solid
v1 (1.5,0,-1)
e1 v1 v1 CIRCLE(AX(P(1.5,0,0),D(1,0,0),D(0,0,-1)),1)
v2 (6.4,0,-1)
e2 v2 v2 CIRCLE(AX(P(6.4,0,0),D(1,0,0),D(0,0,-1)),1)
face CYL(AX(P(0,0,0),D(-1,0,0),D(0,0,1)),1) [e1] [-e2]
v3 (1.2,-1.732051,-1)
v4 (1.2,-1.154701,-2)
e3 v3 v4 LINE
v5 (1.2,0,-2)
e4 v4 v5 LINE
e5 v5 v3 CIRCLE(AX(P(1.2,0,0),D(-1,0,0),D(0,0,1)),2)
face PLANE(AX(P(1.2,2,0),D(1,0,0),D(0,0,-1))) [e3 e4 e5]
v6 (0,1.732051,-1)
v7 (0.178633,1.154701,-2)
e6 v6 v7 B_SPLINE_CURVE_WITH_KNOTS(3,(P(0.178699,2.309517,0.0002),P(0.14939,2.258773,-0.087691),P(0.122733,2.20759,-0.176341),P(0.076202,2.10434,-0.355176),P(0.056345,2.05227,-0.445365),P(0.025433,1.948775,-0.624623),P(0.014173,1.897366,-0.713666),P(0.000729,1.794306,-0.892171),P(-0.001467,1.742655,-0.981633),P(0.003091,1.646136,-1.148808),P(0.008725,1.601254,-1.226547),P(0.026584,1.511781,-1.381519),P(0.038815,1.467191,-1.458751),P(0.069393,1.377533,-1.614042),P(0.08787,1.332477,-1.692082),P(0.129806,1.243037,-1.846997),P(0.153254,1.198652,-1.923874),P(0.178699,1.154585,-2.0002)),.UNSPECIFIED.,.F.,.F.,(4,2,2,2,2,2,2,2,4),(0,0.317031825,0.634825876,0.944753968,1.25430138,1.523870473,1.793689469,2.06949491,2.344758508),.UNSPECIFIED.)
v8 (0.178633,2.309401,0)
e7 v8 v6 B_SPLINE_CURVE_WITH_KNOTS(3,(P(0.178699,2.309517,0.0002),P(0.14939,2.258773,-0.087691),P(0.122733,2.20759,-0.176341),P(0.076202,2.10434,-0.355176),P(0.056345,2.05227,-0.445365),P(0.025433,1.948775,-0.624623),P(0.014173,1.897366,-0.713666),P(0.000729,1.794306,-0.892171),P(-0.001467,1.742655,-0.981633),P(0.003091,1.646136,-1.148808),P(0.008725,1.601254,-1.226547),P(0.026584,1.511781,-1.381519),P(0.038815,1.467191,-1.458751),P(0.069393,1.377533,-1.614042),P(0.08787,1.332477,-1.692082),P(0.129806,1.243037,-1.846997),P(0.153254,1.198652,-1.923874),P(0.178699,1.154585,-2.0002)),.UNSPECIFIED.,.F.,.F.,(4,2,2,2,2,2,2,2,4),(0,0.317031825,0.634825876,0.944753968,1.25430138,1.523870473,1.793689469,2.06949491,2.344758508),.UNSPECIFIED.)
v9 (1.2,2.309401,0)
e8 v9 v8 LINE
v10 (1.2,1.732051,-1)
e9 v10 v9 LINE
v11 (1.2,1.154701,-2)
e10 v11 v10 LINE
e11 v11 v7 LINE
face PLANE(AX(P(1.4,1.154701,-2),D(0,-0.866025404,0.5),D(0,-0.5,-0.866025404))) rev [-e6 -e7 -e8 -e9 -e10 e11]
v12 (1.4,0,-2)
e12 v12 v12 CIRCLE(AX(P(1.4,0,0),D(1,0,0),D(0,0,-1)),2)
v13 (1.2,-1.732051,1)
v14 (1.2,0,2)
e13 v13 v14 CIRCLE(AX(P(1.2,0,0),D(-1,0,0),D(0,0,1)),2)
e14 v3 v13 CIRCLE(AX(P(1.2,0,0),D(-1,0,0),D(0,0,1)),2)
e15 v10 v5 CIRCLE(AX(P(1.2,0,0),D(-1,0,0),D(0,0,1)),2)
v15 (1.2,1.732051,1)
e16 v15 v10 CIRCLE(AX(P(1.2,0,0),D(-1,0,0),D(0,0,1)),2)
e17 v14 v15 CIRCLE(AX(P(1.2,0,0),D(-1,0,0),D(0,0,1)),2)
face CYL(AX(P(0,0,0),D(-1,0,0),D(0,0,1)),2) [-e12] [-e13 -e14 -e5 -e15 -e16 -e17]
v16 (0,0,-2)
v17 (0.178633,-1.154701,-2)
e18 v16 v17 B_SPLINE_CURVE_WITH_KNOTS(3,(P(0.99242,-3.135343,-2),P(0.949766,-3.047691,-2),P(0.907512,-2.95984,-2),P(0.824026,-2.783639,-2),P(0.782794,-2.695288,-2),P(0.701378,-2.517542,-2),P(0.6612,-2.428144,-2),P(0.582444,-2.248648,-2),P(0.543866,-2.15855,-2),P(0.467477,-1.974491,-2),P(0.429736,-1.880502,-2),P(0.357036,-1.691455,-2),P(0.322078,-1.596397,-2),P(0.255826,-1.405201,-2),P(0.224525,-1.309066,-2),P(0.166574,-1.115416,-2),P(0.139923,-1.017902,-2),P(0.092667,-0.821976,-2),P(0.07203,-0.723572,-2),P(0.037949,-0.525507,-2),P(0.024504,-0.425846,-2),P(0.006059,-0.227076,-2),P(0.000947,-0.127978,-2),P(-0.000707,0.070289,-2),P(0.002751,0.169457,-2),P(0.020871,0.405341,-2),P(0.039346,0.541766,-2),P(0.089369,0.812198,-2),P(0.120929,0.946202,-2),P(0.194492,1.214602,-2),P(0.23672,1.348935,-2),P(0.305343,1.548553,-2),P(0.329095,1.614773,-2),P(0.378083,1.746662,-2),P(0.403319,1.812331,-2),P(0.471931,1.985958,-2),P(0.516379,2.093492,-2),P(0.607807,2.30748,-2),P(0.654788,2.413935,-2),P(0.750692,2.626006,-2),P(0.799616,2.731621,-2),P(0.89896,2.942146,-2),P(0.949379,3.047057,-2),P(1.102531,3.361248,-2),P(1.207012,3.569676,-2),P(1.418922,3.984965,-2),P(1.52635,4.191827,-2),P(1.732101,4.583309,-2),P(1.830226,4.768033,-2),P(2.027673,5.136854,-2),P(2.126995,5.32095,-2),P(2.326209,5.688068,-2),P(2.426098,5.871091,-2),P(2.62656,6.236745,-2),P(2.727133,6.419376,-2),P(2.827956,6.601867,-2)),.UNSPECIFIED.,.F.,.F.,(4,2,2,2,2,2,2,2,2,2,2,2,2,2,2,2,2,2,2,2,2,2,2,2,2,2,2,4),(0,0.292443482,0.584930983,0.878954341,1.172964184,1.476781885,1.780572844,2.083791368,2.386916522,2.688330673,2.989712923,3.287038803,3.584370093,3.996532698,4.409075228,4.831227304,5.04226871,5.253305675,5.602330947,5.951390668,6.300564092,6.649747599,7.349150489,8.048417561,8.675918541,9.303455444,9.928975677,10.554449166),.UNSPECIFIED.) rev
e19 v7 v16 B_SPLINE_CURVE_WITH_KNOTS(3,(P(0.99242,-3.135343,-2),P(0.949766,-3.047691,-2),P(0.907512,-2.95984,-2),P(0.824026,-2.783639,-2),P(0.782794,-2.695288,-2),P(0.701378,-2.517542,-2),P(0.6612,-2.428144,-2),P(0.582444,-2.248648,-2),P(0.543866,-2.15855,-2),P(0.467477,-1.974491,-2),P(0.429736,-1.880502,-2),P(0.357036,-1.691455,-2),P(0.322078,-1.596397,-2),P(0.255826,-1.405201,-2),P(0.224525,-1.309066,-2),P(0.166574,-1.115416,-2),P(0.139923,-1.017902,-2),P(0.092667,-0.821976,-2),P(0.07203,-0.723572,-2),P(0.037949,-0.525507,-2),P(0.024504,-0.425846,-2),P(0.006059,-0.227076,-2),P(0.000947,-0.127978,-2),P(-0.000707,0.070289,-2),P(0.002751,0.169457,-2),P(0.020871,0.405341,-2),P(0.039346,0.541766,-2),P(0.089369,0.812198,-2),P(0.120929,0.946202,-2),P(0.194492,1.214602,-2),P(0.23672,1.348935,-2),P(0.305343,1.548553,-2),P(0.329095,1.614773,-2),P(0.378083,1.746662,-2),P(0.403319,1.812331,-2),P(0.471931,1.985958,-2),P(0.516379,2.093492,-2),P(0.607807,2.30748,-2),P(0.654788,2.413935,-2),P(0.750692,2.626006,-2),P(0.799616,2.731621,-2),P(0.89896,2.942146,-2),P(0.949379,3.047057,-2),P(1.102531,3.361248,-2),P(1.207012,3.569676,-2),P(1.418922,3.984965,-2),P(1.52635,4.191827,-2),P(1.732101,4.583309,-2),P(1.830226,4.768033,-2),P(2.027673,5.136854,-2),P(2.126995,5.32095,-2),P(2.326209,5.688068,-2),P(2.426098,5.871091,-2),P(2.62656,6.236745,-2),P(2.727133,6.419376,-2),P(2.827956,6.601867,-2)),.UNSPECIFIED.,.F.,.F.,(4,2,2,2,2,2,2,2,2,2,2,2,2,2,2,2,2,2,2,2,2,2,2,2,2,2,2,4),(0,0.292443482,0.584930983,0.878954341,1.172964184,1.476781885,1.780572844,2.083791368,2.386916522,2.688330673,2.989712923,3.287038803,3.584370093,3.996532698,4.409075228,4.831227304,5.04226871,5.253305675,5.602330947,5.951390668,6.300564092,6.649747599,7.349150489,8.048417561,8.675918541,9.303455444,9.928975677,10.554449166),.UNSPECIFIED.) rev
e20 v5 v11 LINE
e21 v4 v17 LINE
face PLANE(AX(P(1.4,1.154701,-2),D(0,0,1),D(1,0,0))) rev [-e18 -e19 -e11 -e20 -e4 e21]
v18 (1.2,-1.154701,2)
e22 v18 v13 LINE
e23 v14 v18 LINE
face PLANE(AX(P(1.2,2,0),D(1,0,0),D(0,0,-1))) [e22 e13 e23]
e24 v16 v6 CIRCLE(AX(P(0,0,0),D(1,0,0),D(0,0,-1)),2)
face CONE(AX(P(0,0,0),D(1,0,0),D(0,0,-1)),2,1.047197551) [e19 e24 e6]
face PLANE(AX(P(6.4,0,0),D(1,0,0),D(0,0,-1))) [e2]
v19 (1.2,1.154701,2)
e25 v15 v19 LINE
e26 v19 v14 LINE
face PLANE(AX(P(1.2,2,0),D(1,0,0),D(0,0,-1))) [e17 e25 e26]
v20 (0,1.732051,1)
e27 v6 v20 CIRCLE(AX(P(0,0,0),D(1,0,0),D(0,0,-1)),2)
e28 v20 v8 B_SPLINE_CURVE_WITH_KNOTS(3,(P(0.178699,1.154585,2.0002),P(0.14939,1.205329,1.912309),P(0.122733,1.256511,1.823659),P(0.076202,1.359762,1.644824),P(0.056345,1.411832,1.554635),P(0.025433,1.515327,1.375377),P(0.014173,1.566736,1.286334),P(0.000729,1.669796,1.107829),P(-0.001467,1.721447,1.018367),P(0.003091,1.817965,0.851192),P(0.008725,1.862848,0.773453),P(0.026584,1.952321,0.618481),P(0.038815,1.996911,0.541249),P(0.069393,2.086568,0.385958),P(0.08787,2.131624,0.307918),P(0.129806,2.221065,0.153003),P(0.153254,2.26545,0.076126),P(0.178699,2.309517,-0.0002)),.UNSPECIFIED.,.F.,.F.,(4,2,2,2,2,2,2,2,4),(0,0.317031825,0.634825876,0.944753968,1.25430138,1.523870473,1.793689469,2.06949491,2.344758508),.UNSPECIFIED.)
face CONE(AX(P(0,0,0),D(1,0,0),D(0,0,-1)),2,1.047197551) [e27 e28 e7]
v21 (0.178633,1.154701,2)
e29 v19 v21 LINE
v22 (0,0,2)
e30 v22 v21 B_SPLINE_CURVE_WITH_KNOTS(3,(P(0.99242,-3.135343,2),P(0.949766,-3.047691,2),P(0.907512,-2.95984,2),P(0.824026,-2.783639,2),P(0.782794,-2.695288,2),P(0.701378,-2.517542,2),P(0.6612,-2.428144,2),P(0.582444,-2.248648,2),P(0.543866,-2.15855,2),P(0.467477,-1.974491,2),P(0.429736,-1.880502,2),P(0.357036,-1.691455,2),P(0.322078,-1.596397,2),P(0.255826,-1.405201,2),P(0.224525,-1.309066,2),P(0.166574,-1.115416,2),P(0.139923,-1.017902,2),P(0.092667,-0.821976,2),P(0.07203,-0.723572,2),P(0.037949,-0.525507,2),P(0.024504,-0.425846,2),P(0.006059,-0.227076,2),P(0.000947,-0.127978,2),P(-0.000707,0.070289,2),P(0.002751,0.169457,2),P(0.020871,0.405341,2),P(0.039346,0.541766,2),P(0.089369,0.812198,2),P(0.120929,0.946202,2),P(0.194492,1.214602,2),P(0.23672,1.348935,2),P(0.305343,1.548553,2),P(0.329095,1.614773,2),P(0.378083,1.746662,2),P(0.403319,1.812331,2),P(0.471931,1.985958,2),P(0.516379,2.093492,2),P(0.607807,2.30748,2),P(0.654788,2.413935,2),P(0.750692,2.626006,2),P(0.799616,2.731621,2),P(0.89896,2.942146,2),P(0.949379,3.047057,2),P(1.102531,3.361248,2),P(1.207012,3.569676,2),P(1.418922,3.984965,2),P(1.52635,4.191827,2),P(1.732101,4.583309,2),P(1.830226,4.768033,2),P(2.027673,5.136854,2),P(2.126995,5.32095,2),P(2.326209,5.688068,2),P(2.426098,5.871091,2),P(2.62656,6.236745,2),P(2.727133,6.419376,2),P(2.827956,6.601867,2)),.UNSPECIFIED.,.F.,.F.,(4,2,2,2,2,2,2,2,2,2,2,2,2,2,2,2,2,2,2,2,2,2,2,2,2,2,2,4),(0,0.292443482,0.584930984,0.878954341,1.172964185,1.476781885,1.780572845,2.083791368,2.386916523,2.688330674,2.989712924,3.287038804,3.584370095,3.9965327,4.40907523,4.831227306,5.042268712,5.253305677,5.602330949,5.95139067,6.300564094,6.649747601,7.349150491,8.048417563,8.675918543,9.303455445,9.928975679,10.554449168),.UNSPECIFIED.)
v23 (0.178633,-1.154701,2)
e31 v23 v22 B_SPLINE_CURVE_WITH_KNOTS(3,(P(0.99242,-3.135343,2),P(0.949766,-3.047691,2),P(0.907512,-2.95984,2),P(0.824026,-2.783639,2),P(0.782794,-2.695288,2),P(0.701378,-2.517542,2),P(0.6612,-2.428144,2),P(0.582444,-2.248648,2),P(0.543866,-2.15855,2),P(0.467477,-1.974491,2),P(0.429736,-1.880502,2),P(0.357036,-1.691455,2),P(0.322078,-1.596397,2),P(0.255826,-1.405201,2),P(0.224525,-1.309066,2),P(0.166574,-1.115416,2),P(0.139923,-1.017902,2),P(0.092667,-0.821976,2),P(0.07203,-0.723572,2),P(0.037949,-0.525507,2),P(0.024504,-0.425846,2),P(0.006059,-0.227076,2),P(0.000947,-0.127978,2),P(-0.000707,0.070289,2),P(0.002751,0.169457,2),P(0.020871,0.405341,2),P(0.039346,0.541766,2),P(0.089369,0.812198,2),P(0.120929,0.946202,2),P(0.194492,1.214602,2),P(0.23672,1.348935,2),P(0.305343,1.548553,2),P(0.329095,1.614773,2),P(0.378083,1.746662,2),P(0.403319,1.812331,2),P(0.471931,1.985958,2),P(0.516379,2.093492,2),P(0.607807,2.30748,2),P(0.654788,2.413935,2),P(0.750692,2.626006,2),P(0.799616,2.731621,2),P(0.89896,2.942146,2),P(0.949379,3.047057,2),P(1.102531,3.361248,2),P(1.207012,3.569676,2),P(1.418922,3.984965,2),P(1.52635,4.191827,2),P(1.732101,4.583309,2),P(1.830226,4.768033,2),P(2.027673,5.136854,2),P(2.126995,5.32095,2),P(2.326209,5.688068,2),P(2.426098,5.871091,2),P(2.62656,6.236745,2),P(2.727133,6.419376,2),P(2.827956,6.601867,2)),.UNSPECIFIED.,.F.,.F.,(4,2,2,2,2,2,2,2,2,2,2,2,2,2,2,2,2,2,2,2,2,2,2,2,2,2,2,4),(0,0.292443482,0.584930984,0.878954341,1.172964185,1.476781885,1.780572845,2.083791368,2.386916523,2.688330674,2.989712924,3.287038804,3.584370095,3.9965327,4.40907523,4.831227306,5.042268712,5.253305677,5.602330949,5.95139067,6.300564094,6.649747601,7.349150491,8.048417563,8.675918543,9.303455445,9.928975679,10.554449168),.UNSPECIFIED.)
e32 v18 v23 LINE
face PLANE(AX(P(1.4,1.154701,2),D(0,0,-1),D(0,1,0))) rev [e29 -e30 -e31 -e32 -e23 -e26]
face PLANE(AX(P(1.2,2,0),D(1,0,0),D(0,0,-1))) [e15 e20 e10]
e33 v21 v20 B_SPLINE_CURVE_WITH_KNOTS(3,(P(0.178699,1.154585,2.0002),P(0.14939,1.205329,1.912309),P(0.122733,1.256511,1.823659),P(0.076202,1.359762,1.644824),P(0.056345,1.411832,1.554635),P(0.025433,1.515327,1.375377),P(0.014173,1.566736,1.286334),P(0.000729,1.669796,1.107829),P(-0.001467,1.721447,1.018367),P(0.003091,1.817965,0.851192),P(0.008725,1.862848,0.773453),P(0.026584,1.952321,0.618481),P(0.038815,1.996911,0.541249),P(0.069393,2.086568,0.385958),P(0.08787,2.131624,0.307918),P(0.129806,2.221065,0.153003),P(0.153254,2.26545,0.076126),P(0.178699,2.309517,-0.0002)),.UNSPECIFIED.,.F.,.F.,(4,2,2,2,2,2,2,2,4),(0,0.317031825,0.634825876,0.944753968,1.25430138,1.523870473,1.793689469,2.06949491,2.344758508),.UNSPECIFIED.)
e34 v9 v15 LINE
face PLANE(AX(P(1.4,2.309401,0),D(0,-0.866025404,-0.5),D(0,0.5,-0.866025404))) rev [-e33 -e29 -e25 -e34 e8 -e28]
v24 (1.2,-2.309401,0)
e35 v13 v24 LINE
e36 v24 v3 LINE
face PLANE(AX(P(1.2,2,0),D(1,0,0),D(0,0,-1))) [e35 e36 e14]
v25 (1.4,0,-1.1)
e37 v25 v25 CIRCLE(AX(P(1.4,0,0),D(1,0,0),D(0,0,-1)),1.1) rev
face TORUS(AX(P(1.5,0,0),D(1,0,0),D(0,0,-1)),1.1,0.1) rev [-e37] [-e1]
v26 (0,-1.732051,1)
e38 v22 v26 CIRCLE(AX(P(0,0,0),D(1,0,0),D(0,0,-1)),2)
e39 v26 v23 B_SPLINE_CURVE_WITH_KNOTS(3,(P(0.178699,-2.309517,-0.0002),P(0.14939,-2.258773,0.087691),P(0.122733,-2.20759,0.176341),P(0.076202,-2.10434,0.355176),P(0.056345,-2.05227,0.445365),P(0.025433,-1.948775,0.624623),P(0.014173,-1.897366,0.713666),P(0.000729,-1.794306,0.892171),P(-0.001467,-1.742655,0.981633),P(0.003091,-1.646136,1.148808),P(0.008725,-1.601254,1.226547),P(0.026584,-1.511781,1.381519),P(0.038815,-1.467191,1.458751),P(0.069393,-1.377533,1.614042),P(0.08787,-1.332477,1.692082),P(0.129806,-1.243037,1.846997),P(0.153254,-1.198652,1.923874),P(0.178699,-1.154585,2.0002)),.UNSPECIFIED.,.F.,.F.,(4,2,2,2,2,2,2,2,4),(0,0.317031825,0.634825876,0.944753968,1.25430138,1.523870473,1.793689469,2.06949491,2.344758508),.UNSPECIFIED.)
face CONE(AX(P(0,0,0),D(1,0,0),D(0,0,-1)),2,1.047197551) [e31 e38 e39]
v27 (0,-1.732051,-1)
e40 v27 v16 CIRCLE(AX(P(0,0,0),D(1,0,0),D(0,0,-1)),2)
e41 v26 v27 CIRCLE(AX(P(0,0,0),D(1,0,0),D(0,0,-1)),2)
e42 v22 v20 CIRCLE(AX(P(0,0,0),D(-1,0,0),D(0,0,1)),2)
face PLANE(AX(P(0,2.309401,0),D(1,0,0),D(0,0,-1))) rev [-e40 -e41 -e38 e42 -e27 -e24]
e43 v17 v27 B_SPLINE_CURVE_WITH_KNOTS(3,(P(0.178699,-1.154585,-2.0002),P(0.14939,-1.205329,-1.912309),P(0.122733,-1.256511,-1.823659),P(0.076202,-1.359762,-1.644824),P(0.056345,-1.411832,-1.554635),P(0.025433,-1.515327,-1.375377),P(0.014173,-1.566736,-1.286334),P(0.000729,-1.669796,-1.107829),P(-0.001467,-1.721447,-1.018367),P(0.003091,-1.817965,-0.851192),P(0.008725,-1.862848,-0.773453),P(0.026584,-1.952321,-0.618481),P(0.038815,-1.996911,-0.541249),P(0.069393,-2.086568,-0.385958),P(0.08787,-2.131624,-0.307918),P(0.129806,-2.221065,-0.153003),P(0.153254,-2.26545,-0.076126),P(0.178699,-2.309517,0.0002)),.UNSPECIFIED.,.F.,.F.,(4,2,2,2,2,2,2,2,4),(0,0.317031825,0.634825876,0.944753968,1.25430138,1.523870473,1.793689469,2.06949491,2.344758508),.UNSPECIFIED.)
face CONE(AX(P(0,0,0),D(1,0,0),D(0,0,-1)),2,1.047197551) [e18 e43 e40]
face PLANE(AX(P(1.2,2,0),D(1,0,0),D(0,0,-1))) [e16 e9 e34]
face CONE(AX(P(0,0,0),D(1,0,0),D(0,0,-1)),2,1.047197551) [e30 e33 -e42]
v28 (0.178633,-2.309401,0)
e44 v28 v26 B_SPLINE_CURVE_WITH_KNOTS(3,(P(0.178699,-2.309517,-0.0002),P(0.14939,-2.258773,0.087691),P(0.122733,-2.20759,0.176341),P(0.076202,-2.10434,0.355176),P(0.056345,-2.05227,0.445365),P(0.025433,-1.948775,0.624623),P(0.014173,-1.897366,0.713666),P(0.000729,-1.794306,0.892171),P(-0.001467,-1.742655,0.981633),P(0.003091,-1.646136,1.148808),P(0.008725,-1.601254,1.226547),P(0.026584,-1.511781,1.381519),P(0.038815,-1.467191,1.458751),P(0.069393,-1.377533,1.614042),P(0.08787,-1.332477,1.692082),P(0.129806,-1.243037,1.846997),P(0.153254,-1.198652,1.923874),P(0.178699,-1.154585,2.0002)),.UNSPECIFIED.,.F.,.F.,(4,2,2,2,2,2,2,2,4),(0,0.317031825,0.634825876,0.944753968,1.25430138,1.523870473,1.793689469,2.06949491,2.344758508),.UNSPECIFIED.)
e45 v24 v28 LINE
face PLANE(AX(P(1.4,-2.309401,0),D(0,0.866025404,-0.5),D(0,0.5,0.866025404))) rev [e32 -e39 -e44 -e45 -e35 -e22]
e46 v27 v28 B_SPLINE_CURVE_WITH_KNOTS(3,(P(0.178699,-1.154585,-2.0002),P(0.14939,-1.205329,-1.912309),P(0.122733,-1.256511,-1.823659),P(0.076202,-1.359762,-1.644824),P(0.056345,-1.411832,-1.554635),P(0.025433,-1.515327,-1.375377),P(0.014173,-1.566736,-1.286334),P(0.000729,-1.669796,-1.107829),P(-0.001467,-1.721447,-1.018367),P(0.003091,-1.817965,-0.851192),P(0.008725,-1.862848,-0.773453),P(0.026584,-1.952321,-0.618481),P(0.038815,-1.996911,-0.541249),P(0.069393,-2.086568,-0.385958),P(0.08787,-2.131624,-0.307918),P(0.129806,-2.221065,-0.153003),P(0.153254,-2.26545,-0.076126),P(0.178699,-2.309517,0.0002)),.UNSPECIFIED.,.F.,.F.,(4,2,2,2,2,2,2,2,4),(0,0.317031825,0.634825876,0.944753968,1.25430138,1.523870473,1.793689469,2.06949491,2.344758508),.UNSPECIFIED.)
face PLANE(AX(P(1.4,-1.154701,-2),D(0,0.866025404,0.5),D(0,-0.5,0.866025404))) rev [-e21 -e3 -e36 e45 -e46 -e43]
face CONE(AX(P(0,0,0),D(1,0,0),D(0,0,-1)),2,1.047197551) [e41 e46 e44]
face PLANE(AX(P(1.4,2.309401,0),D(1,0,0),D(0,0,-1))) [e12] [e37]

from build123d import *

# Parameters (mm, degrees)
EXTRUDE_364_DEPTH   = 1.4
SKETCH_4_W          = 0.2
SKETCH_4_H          = 10.309401077
CHAMFER_2035_SIZE   = 0.32
FILLET_2080_R       = 0.1
SKETCH_7_R          = 1.592949274
CUT_EXTRUDE_1_DEPTH = 15


with BuildPart() as part:
    # 草图1 → Extrude 364 (new body)
    with BuildSketch(Plane(origin=(0, 0, 0), x_dir=(0, 0, -1), z_dir=(1, 0, 0))):
        Polygon((2, 1.154700538), (2, -1.154700538), (0, -2.309401077), (-2, -1.154700538), (-2, 1.154700538), (0, 2.309401077), align=None)
    extrude(amount=EXTRUDE_364_DEPTH)

    # 草图2 → 凸台-旋转1 (revolve)
    with BuildSketch(Plane.XY, mode=Mode.PRIVATE) as revolve_1_sk:
        Polygon((0, 0), (21.4, 0), (21.4, 0.6536), (21.4, 1), (7.791693541, 1), (0, 1), align=None)
    revolve(revolve_1_sk.sketch.rotate(Axis((0, 0, 0), (1, 0, 0)), 90), axis=Axis((0, 0, 0), (1, 0, 0)))

    # 草图3 → 切除-旋转1 (revolve, cut)
    with BuildSketch(Plane.XY):
        Polygon((0, 2), (3.065384141, 7.309401077), (3.065384141, 12.309401077), (-10, 12.309401077), (-10, 2), align=None)
    revolve(axis=Axis((0, 0, 0), (1, 0, 0)), mode=Mode.SUBTRACT)

    # 草图5 → 切除-旋转2 (revolve, cut)
    with BuildSketch(Plane.XY):
        Polygon((1.4, 2), (-1.665384141, 7.309401077), (-1.665384141, 12.309401077), (8.334615859, 12.309401077), (8.334615859, 2), align=None)
    revolve(axis=Axis((0, 0, 0), (1, 0, 0)), mode=Mode.SUBTRACT)

    # 草图4 → 切除-旋转3 (revolve, cut)
    with BuildSketch(Plane.XY, mode=Mode.PRIVATE) as cut_revolve_3_sk:
        with Locations((1.3, 7.154700539)):
            Rectangle(SKETCH_4_W, SKETCH_4_H)
    revolve(cut_revolve_3_sk.sketch.rotate(Axis((0, 0, 0), (1, 0, 0)), 270), axis=Axis((0, 0, 0), (1, 0, 0)), mode=Mode.SUBTRACT)

    # Chamfer 2035
    chamfer_2035_edges = [part.edges().sort_by_distance(p)[0] for p in [
        (21.4, 0, -1),
    ]]
    chamfer(chamfer_2035_edges, length=CHAMFER_2035_SIZE)

    # Fillet 2080
    fillet_2080_edges = [part.edges().sort_by_distance(p)[0] for p in [
        (1.4, 0, -1),
    ]]
    fillet(fillet_2080_edges, radius=FILLET_2080_R)

    # 草图7 → 切除-拉伸1 (cut)
    with BuildSketch(Plane(origin=(21.4, 0, 0), x_dir=(0, 0, -1), z_dir=(1, 0, 0))):
        Circle(SKETCH_7_R)
    extrude(amount=-CUT_EXTRUDE_1_DEPTH, mode=Mode.SUBTRACT)


solid = part.part
